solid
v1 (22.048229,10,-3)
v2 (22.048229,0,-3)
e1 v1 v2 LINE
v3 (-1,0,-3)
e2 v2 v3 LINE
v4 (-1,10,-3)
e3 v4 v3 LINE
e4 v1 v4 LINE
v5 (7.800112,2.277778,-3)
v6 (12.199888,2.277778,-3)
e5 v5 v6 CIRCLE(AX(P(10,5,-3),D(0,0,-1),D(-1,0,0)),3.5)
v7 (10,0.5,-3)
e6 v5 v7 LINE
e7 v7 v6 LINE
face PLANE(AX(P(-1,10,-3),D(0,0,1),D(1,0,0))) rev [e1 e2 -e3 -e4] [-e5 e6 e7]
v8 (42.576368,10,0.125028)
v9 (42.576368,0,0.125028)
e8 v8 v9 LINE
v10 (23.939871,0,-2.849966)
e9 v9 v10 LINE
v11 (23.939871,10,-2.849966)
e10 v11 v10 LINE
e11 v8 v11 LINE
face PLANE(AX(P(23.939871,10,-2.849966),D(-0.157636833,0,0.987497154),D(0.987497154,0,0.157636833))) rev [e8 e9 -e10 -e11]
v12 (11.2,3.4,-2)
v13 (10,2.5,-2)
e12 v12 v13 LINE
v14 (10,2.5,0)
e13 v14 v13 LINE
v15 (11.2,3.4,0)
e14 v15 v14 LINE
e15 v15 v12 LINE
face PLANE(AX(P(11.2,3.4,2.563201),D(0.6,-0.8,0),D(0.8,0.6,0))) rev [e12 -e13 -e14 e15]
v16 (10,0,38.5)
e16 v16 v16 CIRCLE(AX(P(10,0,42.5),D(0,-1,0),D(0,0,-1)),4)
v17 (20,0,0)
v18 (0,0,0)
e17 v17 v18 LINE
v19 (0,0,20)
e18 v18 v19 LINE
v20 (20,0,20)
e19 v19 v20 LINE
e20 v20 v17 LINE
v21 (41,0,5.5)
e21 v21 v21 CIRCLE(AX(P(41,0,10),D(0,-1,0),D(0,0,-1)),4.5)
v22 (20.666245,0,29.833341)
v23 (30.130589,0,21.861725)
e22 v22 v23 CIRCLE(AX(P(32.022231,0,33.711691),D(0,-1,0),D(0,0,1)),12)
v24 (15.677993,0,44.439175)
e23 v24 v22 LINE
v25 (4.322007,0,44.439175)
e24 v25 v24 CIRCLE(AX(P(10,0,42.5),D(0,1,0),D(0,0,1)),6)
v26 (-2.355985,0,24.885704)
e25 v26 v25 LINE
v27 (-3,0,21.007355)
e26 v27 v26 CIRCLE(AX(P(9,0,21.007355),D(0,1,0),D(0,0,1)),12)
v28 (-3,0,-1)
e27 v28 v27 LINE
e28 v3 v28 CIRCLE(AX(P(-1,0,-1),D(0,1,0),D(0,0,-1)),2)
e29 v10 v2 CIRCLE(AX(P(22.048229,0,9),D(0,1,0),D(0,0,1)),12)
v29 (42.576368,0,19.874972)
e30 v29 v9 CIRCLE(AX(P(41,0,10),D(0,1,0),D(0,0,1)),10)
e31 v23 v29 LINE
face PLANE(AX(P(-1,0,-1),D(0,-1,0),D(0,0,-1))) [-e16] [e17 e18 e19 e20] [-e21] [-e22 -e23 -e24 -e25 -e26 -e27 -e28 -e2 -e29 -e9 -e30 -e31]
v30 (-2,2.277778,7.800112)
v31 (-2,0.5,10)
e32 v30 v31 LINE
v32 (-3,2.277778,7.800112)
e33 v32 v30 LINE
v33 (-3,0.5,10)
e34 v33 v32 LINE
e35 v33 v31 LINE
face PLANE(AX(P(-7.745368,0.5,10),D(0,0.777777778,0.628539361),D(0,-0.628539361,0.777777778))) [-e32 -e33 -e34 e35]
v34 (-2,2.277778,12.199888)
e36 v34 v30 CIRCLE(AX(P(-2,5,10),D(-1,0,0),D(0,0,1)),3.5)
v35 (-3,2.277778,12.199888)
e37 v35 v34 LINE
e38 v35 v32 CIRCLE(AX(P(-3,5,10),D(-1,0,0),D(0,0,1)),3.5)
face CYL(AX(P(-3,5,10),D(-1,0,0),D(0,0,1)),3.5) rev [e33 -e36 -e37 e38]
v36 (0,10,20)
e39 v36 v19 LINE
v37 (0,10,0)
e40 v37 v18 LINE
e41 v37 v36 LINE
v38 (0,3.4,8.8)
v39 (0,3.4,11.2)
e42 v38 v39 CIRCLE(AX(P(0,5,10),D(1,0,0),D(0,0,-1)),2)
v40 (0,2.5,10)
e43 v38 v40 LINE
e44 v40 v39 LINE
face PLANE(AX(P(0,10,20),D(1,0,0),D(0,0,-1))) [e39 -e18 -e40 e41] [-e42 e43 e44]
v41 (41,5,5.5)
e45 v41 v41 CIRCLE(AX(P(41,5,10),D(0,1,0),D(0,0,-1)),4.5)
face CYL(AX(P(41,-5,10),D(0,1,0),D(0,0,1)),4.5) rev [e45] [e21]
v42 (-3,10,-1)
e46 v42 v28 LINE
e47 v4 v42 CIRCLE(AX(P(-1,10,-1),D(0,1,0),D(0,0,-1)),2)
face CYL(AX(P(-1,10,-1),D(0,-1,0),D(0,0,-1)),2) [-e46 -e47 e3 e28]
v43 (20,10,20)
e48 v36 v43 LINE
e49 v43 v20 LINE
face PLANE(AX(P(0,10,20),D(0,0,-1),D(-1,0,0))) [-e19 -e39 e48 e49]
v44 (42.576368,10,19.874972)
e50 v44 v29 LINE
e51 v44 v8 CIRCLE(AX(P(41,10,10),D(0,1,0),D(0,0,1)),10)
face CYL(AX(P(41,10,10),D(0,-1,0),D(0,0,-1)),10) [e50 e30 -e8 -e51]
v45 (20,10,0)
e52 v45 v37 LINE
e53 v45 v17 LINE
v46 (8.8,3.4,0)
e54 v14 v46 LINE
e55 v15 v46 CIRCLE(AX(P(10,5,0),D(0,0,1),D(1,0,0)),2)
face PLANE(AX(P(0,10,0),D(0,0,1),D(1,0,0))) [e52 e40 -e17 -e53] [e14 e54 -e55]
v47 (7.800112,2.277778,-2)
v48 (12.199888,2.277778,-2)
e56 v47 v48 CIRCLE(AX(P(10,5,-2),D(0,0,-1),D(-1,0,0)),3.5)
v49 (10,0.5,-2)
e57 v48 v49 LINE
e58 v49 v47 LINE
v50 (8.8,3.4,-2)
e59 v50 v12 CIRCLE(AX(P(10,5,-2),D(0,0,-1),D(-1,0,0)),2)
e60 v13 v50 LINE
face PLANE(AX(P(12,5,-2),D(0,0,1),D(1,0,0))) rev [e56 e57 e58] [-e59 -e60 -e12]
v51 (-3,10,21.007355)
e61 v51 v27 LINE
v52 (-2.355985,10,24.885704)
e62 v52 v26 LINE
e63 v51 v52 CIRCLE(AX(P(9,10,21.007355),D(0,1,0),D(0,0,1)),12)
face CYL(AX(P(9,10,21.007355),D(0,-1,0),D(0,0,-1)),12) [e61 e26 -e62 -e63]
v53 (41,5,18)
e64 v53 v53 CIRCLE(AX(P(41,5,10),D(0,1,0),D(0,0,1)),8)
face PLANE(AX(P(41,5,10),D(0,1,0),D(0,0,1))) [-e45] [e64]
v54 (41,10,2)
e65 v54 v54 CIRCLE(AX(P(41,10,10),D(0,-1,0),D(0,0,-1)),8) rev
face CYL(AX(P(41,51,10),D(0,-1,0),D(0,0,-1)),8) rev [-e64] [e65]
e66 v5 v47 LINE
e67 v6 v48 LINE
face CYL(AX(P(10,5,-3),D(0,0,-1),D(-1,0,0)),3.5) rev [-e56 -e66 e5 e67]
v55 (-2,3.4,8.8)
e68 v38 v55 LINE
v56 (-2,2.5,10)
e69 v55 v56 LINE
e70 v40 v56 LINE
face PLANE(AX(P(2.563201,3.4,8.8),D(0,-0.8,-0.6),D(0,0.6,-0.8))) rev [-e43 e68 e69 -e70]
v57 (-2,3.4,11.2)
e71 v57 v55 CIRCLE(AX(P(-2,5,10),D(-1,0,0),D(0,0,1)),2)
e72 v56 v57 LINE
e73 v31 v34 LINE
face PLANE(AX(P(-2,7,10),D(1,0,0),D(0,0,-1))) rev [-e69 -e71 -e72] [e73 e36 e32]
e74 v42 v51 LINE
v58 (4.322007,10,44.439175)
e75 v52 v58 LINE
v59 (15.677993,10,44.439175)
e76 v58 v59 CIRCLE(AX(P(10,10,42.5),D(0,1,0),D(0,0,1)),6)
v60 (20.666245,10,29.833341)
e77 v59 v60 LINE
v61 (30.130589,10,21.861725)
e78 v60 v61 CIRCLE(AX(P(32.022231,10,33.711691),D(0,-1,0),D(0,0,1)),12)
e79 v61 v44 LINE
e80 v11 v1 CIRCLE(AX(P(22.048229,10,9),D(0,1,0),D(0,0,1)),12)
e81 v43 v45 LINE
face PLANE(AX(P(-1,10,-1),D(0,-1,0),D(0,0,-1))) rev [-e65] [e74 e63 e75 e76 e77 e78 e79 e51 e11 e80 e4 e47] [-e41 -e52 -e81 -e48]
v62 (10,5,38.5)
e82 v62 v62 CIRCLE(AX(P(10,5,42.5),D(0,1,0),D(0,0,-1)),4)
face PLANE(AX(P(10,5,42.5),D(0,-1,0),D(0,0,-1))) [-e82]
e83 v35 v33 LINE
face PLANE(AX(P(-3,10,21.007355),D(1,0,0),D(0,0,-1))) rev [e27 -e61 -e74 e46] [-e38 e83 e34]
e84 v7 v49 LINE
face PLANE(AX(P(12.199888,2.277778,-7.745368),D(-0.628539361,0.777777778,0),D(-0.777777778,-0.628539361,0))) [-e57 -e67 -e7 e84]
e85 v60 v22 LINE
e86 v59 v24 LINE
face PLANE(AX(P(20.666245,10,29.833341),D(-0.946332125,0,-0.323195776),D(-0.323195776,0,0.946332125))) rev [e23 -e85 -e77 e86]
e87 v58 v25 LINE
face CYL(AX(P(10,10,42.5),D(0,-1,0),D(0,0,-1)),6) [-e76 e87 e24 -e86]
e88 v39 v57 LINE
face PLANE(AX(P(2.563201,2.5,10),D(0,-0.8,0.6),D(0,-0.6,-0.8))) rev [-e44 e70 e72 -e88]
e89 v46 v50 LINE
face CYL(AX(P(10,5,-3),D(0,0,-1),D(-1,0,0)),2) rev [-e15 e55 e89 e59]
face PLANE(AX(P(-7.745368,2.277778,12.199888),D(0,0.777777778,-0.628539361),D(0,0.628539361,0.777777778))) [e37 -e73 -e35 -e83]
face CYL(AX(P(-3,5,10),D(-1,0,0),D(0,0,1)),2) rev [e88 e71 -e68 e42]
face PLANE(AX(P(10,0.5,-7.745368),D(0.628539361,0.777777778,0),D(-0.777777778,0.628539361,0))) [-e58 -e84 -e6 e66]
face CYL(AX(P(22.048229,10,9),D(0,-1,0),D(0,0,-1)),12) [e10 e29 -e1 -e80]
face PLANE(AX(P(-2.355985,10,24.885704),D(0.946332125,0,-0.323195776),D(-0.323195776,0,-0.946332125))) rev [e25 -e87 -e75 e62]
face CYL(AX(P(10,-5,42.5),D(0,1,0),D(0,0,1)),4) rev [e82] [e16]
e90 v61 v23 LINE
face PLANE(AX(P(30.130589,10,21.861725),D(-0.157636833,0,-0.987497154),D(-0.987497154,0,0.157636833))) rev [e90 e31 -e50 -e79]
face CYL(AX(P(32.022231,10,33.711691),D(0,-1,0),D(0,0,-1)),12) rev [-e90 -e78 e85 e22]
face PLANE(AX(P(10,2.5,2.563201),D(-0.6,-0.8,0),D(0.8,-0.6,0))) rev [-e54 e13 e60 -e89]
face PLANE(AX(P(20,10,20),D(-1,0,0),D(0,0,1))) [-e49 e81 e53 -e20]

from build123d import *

# Parameters (mm, degrees)
SKETCH1_W                               = 20
SKETCH1_H                               = 20
BOSS_EXTRUDE1_DEPTH                     = 10
SKETCH2_R                               = 8
CUT_EXTRUDE2_DEPTH                      = 46
SKETCH3_R                               = 4
SKETCH3_R_2                             = 4.5
CUT_EXTRUDE3_DEPTH                      = 10
CBORE_FOR_M5_HEX_HEAD_BOLT1_D           = 4
CBORE_FOR_M5_HEX_HEAD_BOLT1_DEPTH       = 10
CBORE_FOR_M5_HEX_HEAD_BOLT1_CBORE_D     = 7
CBORE_FOR_M5_HEX_HEAD_BOLT1_CBORE_DEPTH = 1
CBORE_FOR_M5_HEX_HEAD_BOLT2_D           = 4
CBORE_FOR_M5_HEX_HEAD_BOLT2_DEPTH       = 10
CBORE_FOR_M5_HEX_HEAD_BOLT2_CBORE_D     = 7
CBORE_FOR_M5_HEX_HEAD_BOLT2_CBORE_DEPTH = 1
CUT_EXTRUDE4_DEPTH                      = 2
CUT_EXTRUDE5_DEPTH                      = 1
CUT_EXTRUDE6_DEPTH                      = 2
CUT_EXTRUDE7_DEPTH                      = 1


with BuildPart() as part:
    # Sketch1 → Boss-Extrude1 (new body)
    with BuildSketch(Plane(origin=(0, 0, 0), x_dir=(1, 0, 0), z_dir=(0, 1, 0))):
        with BuildLine():
            Line((23.939871077, 2.849965846), (42.576368333, -0.125028462))
            ThreePointArc((42.576368333, -0.125028462), (51, -10), (42.576368333, -19.874971538))
            Line((42.576368333, -19.874971538), (30.130588759, -21.86172489))
            ThreePointArc((30.130588759, -21.86172489), (24.291669579, -24.533541475), (20.666245259, -29.833341429))
            Line((20.666245259, -29.833341429), (15.677992749, -44.439174654))
            ThreePointArc((15.677992749, -44.439174654), (10, -48.5), (4.322007251, -44.439174654))
            Line((4.322007251, -44.439174654), (-2.355985499, -24.885704137))
            ThreePointArc((-2.355985499, -24.885704137), (-2.837901545, -22.973082941), (-3, -21.00735483))
            Line((-3, -21.00735483), (-3, 1))
            ThreePointArc((-3, 1), (-2.414213562, 2.414213562), (-1, 3))
            Line((-1, 3), (22.048229077, 3))
            ThreePointArc((22.048229077, 3), (22.997020375, 2.962432657), (23.939871077, 2.849965846))
        make_face()
        with Locations((10, -10)):
            Rectangle(SKETCH1_W, SKETCH1_H, mode=Mode.SUBTRACT)
    extrude(amount=BOSS_EXTRUDE1_DEPTH)

    # Sketch2 → Cut-Extrude2 (cut)
    with BuildSketch(Plane(origin=(0, 5, 0), x_dir=(1, 0, 0), z_dir=(0, 1, 0))):
        with Locations(Location((41, -10, 0), (0, 0, 90))):
            Circle(SKETCH2_R)
    extrude(amount=CUT_EXTRUDE2_DEPTH, mode=Mode.SUBTRACT)

    # Sketch3 → Cut-Extrude3 (cut)
    with BuildSketch(Plane(origin=(0, 5, 0), x_dir=(1, 0, 0), z_dir=(0, 1, 0))):
        with Locations(Location((10, -42.5, 0), (0, 0, 90))):
            Circle(SKETCH3_R)
        with Locations(Location((41, -10, 0), (0, 0, 90))):
            Circle(SKETCH3_R_2)
    extrude(amount=-CUT_EXTRUDE3_DEPTH, mode=Mode.SUBTRACT)

    # CBORE for M5 Hex Head Bolt1
    with Locations(Plane.ZY.offset(3)):
        with Locations((10, 5)):
            CounterBoreHole(CBORE_FOR_M5_HEX_HEAD_BOLT1_D / 2, CBORE_FOR_M5_HEX_HEAD_BOLT1_CBORE_D / 2, CBORE_FOR_M5_HEX_HEAD_BOLT1_CBORE_DEPTH, depth=CBORE_FOR_M5_HEX_HEAD_BOLT1_DEPTH)

    # CBORE for M5 Hex Head Bolt2
    with Locations(Plane(origin=(0, 0, -3), x_dir=(-1, 0, 0), z_dir=(0, 0, -1))):
        with Locations((-10, 5)):
            CounterBoreHole(CBORE_FOR_M5_HEX_HEAD_BOLT2_D / 2, CBORE_FOR_M5_HEX_HEAD_BOLT2_CBORE_D / 2, CBORE_FOR_M5_HEX_HEAD_BOLT2_CBORE_DEPTH, depth=CBORE_FOR_M5_HEX_HEAD_BOLT2_DEPTH)

    # Sketch9 → Cut-Extrude4 (cut)
    with BuildSketch(Plane(origin=(0, 0, -2), x_dir=(-1, 0, 0), z_dir=(0, 0, -1))):
        Polygon((-10, 2.5), (-8.8, 3.4), (-11.2, 3.4), align=None)
    extrude(amount=-CUT_EXTRUDE4_DEPTH, mode=Mode.SUBTRACT)

    # Sketch10 → Cut-Extrude5 (cut)
    with BuildSketch(Plane(origin=(0, 0, -2), x_dir=(-1, 0, 0), z_dir=(0, 0, -1))):
        Polygon((-10, 0.5), (-7.800112236, 2.277777778), (-12.199887764, 2.277777778), align=None)
    extrude(amount=CUT_EXTRUDE5_DEPTH, mode=Mode.SUBTRACT)

    # Sketch11 → Cut-Extrude6 (cut)
    with BuildSketch(Plane.ZY.offset(2)):
        Polygon((10, 2.5), (11.2, 3.4), (8.8, 3.4), align=None)
    extrude(amount=-CUT_EXTRUDE6_DEPTH, mode=Mode.SUBTRACT)

    # Sketch13 → Cut-Extrude7 (cut)
    with BuildSketch(Plane.ZY.offset(2)):
        Polygon((10, 0.5), (7.800112236, 2.277777778), (12.199887764, 2.277777778), align=None)
    extrude(amount=CUT_EXTRUDE7_DEPTH, mode=Mode.SUBTRACT)


solid = part.part
